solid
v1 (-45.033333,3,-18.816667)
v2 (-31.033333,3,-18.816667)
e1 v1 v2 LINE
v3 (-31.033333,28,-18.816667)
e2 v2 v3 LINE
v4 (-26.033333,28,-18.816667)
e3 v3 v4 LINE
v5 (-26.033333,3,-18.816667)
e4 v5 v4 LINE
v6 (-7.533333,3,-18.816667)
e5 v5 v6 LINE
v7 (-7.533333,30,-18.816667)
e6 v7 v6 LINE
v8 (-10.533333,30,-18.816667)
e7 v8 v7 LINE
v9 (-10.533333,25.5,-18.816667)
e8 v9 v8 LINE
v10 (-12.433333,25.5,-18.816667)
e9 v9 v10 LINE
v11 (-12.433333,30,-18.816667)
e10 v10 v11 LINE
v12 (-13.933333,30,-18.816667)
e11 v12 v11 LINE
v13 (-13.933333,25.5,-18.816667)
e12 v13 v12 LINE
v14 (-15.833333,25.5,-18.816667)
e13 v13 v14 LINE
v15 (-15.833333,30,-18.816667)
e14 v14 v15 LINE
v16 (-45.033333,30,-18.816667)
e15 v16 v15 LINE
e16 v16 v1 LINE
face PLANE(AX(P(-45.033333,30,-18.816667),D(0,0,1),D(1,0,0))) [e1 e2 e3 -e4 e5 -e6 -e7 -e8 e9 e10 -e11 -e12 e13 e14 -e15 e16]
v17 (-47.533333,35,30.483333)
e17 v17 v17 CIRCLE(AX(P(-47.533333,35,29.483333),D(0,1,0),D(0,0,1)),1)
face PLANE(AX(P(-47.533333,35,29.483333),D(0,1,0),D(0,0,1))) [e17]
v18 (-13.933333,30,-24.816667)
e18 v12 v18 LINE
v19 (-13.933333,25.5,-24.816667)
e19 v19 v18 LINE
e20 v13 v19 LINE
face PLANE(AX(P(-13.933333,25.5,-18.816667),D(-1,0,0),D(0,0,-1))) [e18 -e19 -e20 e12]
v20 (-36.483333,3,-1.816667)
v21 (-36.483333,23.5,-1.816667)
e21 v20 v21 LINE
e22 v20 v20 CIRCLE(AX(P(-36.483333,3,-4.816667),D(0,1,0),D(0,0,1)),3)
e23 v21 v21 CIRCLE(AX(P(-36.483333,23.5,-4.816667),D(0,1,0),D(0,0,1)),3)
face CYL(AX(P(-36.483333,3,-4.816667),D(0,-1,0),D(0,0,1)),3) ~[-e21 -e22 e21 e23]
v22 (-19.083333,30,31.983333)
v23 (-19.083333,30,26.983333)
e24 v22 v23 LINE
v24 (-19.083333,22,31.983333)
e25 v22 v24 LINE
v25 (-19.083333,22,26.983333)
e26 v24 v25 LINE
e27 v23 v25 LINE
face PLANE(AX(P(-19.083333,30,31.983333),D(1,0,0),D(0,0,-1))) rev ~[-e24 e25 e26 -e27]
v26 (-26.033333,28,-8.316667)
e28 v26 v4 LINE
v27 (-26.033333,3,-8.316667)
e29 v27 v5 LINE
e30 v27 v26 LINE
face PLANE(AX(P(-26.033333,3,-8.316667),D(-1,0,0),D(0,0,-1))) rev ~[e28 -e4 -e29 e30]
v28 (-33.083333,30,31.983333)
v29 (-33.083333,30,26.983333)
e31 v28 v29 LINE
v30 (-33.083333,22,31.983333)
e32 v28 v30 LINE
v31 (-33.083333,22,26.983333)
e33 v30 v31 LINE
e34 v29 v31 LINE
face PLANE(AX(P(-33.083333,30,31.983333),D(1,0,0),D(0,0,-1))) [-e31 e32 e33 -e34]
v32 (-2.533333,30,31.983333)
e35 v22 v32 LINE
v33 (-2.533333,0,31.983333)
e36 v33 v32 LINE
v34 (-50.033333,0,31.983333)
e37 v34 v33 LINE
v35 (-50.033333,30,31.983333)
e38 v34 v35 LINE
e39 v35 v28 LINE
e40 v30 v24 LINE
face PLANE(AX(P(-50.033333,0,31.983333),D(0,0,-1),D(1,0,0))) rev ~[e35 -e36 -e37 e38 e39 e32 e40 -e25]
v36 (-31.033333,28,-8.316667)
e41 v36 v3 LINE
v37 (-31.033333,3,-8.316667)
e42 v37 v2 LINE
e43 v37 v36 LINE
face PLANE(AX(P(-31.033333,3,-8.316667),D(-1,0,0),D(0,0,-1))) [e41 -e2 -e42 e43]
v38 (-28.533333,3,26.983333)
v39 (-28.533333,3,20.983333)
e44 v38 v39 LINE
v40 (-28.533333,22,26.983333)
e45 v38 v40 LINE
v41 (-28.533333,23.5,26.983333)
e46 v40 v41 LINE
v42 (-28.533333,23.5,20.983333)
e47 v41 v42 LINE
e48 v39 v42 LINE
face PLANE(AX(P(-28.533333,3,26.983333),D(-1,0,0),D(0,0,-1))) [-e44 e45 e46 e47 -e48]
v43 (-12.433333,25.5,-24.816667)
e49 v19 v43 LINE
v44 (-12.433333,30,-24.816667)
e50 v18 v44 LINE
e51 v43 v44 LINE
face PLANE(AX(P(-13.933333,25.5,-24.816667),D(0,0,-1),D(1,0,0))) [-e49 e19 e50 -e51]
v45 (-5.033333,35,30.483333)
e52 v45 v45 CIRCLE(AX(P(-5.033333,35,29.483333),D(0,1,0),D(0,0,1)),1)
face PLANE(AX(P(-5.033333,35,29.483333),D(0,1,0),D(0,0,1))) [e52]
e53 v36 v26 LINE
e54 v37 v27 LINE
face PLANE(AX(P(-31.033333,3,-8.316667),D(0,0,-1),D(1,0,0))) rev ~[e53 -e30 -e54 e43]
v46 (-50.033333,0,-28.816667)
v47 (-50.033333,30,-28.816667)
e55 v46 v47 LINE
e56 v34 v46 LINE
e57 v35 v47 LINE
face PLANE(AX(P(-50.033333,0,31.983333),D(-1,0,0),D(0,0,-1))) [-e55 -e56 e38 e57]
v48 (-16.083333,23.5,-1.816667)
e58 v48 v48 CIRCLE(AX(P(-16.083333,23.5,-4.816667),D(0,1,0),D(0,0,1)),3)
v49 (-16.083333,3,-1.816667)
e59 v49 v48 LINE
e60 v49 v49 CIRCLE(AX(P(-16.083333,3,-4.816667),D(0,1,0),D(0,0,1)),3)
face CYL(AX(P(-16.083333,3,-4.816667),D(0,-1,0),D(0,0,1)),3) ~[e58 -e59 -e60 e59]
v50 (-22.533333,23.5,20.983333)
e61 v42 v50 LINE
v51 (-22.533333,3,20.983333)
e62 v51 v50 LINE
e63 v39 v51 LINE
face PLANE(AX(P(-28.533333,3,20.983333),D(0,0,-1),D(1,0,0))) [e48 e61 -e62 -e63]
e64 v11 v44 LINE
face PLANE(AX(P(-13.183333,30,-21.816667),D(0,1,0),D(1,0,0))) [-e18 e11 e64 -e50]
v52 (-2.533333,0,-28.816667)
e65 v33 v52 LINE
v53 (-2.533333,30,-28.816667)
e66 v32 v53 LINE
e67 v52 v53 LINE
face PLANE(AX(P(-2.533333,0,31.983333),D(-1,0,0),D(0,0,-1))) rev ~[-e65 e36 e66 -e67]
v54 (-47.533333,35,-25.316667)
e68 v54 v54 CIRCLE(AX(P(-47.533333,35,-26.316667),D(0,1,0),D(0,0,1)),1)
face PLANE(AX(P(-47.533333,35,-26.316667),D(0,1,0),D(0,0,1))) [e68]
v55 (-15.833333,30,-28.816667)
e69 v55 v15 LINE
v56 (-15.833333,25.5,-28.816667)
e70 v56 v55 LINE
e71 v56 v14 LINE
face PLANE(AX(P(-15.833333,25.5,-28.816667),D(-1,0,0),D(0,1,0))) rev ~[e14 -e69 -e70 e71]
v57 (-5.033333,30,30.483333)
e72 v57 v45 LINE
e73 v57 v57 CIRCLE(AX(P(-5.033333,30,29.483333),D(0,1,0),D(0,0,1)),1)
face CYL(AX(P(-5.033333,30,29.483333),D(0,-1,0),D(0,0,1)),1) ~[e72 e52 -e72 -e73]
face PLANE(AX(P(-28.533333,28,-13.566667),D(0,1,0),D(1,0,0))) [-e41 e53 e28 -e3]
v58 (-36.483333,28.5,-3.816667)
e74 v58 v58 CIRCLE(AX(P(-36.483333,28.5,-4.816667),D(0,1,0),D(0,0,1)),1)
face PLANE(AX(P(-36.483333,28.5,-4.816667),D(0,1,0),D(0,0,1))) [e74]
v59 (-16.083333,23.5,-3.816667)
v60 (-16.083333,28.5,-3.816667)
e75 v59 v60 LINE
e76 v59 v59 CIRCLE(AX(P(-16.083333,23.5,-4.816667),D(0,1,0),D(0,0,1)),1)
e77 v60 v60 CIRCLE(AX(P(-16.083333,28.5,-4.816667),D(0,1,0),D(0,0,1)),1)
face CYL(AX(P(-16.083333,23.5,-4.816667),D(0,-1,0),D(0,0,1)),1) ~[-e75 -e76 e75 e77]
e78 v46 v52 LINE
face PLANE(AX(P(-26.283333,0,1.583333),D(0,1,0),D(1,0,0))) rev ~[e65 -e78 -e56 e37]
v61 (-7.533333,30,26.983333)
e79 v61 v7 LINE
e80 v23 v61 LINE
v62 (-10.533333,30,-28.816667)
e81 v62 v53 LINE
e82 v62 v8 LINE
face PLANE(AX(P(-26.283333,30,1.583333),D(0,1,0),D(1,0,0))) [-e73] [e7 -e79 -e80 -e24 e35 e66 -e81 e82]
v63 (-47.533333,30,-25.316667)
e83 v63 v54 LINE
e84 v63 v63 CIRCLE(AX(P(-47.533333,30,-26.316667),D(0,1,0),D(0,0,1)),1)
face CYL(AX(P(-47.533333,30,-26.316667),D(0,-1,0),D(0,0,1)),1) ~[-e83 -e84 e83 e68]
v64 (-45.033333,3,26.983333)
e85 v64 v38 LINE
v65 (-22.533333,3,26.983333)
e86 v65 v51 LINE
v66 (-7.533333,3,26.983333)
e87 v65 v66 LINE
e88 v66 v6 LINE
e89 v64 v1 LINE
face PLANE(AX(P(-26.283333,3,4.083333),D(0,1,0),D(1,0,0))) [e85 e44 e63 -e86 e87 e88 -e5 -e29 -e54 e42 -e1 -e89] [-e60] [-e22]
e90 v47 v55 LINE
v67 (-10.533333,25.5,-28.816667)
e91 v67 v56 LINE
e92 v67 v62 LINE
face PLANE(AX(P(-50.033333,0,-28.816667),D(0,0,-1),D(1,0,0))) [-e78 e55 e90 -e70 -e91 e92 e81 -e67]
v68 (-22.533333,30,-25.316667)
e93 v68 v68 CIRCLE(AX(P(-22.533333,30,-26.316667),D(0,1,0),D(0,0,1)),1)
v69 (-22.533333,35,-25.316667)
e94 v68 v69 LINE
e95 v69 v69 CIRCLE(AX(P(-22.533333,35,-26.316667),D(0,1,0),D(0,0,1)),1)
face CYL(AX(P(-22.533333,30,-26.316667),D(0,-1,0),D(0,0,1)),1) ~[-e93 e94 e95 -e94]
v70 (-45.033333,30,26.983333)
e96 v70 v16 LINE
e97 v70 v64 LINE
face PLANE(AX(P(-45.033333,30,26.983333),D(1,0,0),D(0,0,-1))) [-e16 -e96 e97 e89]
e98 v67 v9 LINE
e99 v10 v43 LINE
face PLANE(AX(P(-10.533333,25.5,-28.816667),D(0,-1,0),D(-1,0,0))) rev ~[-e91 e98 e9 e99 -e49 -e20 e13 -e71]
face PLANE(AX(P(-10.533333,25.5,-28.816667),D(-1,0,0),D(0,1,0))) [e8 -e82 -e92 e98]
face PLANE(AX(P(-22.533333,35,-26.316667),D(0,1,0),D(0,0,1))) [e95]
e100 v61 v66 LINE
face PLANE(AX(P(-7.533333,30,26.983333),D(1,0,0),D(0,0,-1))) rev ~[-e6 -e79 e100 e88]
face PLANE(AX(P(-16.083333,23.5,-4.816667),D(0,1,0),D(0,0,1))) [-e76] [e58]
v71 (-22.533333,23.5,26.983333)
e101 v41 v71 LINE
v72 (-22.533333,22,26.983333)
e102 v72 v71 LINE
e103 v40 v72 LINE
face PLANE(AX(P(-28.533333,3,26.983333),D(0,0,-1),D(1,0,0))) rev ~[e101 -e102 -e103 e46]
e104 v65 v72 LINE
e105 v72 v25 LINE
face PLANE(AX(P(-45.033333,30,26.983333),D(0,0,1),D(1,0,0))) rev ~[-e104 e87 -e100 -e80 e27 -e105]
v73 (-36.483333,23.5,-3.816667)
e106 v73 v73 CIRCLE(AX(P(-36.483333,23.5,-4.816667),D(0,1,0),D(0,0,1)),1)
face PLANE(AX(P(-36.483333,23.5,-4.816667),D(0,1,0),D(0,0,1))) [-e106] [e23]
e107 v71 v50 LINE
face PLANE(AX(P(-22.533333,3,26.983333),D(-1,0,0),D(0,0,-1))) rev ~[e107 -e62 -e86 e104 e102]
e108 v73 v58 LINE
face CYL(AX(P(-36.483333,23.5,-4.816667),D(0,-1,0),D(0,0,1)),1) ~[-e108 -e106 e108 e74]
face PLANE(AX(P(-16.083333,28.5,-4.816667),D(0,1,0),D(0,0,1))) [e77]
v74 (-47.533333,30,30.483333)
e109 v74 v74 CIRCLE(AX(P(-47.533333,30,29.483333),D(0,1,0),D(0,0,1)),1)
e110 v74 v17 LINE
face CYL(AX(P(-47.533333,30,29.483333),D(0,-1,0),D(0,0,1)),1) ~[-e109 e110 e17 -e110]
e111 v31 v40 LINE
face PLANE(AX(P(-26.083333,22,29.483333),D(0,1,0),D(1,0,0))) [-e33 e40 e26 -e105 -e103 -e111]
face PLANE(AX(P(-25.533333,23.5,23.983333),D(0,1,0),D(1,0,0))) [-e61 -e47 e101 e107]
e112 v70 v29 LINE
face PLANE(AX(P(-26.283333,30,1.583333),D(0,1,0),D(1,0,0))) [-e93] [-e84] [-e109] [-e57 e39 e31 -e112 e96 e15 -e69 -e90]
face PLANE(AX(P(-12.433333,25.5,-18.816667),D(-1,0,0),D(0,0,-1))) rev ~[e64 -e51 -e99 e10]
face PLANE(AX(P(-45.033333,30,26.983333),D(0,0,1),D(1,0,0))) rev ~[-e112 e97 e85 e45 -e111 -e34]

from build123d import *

# Parameters (mm, degrees)
SKETCH_1_W          = 47.5
SKETCH_1_H          = 60.8
EXTRUDE_1_DEPTH     = 30
SKETCH_2_R          = 1
EXTRUDE_3_DEPTH     = 5
SKETCH_3_W          = 37.5
SKETCH_3_H          = 45.8
CUT_EXTRUDE_1_DEPTH = 27
SKETCH_4_W          = 14
SKETCH_4_H          = 5
CUT_EXTRUDE_2_DEPTH = 8
SKETCH_5_R          = 3
SKETCH_5_W          = 6
SKETCH_5_H          = 6
EXTRUDE_4_DEPTH     = 20.5
SKETCH_6_W          = 5
SKETCH_6_H          = 10.5
EXTRUDE_6_DEPTH     = 25
SKETCH_7_R          = 1
EXTRUDE_7_DEPTH     = 5
SKETCH_12_W         = 5.3
SKETCH_12_H         = 4.5
CUT_EXTRUDE_5_DEPTH = 10
SKETCH_13_W         = 1.5
SKETCH_13_H         = 6
EXTRUDE_8_DEPTH     = 4.5


with BuildPart() as part:
    # 草图1 → 凸台-拉伸1 (new body)
    with BuildSketch(Plane(origin=(0, 0, 0), x_dir=(1, 0, 0), z_dir=(0, 1, 0))):
        with Locations((-26.283333333, -1.583333333)):
            Rectangle(SKETCH_1_W, SKETCH_1_H)
    extrude(amount=EXTRUDE_1_DEPTH)

    # 草图2 → 凸台-拉伸3 (add)
    with BuildSketch(Plane(origin=(0, 30, 0), x_dir=(1, 0, 0), z_dir=(0, 1, 0))):
        with Locations(Location((-22.533333333, 26.316666667, 0), (0, 0, 270))):
            Circle(SKETCH_2_R)
        with Locations(Location((-47.533333333, 26.316666667, 0), (0, 0, 270))):
            Circle(SKETCH_2_R)
        with Locations(Location((-47.533333333, -29.483333333, 0), (0, 0, 270))):
            Circle(SKETCH_2_R)
        with Locations(Location((-5.033333333, -29.483333333, 0), (0, 0, 270))):
            Circle(SKETCH_2_R)
    extrude(amount=EXTRUDE_3_DEPTH)

    # 草图3 → 切除-拉伸1 (cut)
    with BuildSketch(Plane(origin=(0, 30, 0), x_dir=(1, 0, 0), z_dir=(0, 1, 0))):
        with Locations((-26.283333333, -4.083333333)):
            Rectangle(SKETCH_3_W, SKETCH_3_H)
    extrude(amount=-CUT_EXTRUDE_1_DEPTH, mode=Mode.SUBTRACT)

    # 草图4 → 切除-拉伸2 (cut)
    with BuildSketch(Plane(origin=(0, 30, 0), x_dir=(1, 0, 0), z_dir=(0, 1, 0))):
        with Locations((-26.083333333, -29.483333333)):
            Rectangle(SKETCH_4_W, SKETCH_4_H)
    extrude(amount=-CUT_EXTRUDE_2_DEPTH, mode=Mode.SUBTRACT)

    # 草图5 → 凸台-拉伸4 (add)
    with BuildSketch(Plane(origin=(0, 3, 0), x_dir=(1, 0, 0), z_dir=(0, 1, 0))):
        with Locations(Location((-16.083333333, 4.816666667, 0), (0, 0, 270))):
            Circle(SKETCH_5_R)
        with Locations(Location((-36.483333333, 4.816666667, 0), (0, 0, 270))):
            Circle(SKETCH_5_R)
        with Locations((-25.533333333, -23.983333333)):
            Rectangle(SKETCH_5_W, SKETCH_5_H)
    extrude(amount=EXTRUDE_4_DEPTH)

    # 草图6 → 凸台-拉伸6 (add)
    with BuildSketch(Plane(origin=(0, 3, 0), x_dir=(1, 0, 0), z_dir=(0, 1, 0))):
        with Locations((-28.533333333, 13.566666667)):
            Rectangle(SKETCH_6_W, SKETCH_6_H)
    extrude(amount=EXTRUDE_6_DEPTH)

    # 草图7 → 凸台-拉伸7 (add)
    with BuildSketch(Plane(origin=(0, 23.5, 0), x_dir=(1, 0, 0), z_dir=(0, 1, 0))):
        with Locations(Location((-36.483333333, 4.816666667, 0), (0, 0, 270))):
            Circle(SKETCH_7_R)
        with Locations(Location((-16.083333333, 4.816666667, 0), (0, 0, 270))):
            Circle(SKETCH_7_R)
    extrude(amount=EXTRUDE_7_DEPTH)

    # 草图12 → 切除-拉伸5 (cut)
    with BuildSketch(Plane(origin=(0, 0, -28.816666667), x_dir=(-1, 0, 0), z_dir=(0, 0, -1))):
        with Locations((13.183333333, 27.75)):
            Rectangle(SKETCH_12_W, SKETCH_12_H)
    extrude(amount=-CUT_EXTRUDE_5_DEPTH, mode=Mode.SUBTRACT)

    # 草图13 → 凸台-拉伸8 (add)
    with BuildSketch(Plane(origin=(0, 25.5, 0), x_dir=(1, 0, 0), z_dir=(0, 1, 0))):
        with Locations((-13.183333333, 21.816666667)):
            Rectangle(SKETCH_13_W, SKETCH_13_H)
    extrude(amount=EXTRUDE_8_DEPTH)


solid = part.part
